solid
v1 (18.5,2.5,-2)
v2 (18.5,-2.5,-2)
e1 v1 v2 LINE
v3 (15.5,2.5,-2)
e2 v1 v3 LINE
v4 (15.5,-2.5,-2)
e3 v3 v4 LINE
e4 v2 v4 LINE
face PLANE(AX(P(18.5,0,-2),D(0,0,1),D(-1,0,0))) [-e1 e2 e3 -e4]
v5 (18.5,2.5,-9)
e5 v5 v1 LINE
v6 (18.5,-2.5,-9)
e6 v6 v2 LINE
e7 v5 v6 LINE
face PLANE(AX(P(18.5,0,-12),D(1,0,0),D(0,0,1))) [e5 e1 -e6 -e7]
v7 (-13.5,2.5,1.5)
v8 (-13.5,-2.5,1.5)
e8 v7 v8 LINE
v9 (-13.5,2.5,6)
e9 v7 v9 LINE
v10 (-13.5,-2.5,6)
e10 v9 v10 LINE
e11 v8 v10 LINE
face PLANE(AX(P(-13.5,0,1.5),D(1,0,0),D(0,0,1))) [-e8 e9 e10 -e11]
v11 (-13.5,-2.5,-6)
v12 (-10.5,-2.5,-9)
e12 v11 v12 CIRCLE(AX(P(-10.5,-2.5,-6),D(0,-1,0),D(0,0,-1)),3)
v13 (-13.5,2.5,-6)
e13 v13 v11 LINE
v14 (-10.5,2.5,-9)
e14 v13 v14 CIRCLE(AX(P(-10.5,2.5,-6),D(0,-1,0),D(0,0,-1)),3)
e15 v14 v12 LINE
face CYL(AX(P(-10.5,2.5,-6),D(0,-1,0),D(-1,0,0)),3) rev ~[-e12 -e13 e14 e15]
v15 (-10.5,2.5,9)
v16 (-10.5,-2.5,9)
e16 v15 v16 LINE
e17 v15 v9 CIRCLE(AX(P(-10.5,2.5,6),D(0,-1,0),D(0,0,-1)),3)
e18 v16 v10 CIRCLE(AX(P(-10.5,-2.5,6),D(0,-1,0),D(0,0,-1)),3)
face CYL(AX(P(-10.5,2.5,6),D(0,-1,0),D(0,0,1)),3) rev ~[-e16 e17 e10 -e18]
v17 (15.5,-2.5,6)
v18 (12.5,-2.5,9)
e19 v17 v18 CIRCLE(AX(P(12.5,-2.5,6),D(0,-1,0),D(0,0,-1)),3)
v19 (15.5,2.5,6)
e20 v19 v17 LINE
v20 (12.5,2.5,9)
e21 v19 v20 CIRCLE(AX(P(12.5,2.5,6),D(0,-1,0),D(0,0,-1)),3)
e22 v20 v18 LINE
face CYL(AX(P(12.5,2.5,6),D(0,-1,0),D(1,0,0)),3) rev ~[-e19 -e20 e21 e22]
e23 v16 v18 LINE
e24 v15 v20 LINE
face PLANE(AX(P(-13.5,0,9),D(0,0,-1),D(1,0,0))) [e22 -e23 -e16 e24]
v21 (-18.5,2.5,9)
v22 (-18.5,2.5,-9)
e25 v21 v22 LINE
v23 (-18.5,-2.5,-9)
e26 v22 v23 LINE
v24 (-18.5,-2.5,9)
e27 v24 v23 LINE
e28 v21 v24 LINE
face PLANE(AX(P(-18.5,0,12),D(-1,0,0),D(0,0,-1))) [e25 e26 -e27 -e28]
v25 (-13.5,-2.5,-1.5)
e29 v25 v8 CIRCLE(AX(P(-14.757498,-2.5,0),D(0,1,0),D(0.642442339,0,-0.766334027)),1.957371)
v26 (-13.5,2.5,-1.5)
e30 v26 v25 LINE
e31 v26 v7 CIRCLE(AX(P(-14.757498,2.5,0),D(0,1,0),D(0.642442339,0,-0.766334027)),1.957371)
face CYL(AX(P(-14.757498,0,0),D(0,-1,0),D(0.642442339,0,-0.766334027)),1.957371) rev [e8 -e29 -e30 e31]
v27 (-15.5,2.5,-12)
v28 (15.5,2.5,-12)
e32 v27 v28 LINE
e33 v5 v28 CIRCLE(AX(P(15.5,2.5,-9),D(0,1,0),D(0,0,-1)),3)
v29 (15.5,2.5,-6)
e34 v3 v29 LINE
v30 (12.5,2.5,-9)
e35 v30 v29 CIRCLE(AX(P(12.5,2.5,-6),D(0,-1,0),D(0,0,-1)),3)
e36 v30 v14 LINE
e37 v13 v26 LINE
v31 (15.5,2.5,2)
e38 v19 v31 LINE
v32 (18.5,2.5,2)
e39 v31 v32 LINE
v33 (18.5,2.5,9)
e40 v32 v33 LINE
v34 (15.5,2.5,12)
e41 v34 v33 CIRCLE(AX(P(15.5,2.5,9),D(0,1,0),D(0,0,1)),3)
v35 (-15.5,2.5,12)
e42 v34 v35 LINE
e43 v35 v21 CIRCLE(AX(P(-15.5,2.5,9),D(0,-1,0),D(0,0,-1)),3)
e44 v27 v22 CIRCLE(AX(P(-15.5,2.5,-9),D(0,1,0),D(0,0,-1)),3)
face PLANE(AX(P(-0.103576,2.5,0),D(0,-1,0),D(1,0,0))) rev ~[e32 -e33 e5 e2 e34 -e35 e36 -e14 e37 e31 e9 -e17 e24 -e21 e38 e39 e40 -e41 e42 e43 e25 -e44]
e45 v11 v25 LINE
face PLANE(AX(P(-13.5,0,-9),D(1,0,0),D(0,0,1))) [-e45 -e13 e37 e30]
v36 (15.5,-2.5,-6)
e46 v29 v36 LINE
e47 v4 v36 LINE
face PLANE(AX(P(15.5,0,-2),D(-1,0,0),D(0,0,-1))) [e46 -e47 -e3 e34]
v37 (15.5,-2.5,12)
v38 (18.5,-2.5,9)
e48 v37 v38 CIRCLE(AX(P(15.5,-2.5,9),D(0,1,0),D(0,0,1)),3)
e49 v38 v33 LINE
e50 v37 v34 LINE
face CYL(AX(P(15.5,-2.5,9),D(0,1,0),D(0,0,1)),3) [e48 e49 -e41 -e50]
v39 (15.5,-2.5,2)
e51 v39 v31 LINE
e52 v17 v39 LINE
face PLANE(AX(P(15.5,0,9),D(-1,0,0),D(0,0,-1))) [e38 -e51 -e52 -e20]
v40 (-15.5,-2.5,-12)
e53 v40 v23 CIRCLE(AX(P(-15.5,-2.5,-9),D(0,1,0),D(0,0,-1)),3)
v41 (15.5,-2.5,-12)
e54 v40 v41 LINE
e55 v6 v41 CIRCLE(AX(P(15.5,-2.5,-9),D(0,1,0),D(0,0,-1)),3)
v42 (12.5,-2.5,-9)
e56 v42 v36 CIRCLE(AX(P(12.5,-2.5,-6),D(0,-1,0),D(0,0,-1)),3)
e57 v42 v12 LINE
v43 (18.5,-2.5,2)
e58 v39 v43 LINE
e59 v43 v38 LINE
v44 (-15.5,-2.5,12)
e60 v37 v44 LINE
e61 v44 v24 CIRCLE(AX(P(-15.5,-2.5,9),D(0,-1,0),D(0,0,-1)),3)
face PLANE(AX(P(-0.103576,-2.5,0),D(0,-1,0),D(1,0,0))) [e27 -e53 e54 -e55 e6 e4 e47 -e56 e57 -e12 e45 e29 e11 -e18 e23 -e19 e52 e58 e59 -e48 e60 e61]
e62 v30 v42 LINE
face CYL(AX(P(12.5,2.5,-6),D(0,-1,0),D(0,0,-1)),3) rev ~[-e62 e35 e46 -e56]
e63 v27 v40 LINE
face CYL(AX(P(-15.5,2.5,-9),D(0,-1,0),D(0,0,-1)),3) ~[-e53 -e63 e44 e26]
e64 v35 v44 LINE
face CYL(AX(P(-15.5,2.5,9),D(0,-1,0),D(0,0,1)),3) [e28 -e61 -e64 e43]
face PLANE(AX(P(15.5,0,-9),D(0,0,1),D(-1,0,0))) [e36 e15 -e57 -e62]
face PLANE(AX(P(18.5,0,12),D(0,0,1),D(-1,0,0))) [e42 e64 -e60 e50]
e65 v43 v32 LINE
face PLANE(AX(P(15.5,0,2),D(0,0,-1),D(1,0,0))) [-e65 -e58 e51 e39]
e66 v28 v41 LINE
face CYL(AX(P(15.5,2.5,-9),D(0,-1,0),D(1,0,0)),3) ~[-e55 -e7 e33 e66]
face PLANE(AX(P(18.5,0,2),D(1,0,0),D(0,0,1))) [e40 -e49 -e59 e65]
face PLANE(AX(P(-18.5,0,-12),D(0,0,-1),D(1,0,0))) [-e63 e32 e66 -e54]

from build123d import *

# Parameters (mm, degrees)
F1_DEPTH = 2.5
F2_R     = 3


with BuildPart() as f1:
    # F0 (on Front) → F1 (new body, symmetric)
    with BuildSketch(Plane.XZ):
        with BuildLine():
            Line((18.5, 12), (-18.5, 12))
            Line((-18.5, 12), (-18.5, -12))
            Line((-18.5, -12), (18.5, -12))
            Line((18.5, -12), (18.5, -2))
            Line((18.5, -2), (15.5, -2))
            Line((15.5, -2), (15.5, -9))
            Line((15.5, -9), (-13.5, -9))
            Line((-13.5, -9), (-13.5, -1.5))
            ThreePointArc((-13.5, -1.5), (-16.714869, 0), (-13.5, 1.5))
            Line((-13.5, 1.5), (-13.5, 9))
            Line((-13.5, 9), (15.5, 9))
            Line((15.5, 9), (15.5, 2))
            Line((15.5, 2), (18.5, 2))
            Line((18.5, 2), (18.5, 12))
        make_face()
    extrude(amount=F1_DEPTH, both=True)

    # F2
    f2_edges = [f1.edges().sort_by_distance(p)[0] for p in [
        (18.5, 0, 12),
        (18.5, 0, -12),
        (-18.5, 0, 12),
        (-18.5, 0, -12),
        (15.5, 0, -9),
        (15.5, 0, 9),
        (-13.5, 0, 9),
        (-13.5, 0, -9),
    ]]
    fillet(f2_edges, radius=F2_R)


solid = f1.part
